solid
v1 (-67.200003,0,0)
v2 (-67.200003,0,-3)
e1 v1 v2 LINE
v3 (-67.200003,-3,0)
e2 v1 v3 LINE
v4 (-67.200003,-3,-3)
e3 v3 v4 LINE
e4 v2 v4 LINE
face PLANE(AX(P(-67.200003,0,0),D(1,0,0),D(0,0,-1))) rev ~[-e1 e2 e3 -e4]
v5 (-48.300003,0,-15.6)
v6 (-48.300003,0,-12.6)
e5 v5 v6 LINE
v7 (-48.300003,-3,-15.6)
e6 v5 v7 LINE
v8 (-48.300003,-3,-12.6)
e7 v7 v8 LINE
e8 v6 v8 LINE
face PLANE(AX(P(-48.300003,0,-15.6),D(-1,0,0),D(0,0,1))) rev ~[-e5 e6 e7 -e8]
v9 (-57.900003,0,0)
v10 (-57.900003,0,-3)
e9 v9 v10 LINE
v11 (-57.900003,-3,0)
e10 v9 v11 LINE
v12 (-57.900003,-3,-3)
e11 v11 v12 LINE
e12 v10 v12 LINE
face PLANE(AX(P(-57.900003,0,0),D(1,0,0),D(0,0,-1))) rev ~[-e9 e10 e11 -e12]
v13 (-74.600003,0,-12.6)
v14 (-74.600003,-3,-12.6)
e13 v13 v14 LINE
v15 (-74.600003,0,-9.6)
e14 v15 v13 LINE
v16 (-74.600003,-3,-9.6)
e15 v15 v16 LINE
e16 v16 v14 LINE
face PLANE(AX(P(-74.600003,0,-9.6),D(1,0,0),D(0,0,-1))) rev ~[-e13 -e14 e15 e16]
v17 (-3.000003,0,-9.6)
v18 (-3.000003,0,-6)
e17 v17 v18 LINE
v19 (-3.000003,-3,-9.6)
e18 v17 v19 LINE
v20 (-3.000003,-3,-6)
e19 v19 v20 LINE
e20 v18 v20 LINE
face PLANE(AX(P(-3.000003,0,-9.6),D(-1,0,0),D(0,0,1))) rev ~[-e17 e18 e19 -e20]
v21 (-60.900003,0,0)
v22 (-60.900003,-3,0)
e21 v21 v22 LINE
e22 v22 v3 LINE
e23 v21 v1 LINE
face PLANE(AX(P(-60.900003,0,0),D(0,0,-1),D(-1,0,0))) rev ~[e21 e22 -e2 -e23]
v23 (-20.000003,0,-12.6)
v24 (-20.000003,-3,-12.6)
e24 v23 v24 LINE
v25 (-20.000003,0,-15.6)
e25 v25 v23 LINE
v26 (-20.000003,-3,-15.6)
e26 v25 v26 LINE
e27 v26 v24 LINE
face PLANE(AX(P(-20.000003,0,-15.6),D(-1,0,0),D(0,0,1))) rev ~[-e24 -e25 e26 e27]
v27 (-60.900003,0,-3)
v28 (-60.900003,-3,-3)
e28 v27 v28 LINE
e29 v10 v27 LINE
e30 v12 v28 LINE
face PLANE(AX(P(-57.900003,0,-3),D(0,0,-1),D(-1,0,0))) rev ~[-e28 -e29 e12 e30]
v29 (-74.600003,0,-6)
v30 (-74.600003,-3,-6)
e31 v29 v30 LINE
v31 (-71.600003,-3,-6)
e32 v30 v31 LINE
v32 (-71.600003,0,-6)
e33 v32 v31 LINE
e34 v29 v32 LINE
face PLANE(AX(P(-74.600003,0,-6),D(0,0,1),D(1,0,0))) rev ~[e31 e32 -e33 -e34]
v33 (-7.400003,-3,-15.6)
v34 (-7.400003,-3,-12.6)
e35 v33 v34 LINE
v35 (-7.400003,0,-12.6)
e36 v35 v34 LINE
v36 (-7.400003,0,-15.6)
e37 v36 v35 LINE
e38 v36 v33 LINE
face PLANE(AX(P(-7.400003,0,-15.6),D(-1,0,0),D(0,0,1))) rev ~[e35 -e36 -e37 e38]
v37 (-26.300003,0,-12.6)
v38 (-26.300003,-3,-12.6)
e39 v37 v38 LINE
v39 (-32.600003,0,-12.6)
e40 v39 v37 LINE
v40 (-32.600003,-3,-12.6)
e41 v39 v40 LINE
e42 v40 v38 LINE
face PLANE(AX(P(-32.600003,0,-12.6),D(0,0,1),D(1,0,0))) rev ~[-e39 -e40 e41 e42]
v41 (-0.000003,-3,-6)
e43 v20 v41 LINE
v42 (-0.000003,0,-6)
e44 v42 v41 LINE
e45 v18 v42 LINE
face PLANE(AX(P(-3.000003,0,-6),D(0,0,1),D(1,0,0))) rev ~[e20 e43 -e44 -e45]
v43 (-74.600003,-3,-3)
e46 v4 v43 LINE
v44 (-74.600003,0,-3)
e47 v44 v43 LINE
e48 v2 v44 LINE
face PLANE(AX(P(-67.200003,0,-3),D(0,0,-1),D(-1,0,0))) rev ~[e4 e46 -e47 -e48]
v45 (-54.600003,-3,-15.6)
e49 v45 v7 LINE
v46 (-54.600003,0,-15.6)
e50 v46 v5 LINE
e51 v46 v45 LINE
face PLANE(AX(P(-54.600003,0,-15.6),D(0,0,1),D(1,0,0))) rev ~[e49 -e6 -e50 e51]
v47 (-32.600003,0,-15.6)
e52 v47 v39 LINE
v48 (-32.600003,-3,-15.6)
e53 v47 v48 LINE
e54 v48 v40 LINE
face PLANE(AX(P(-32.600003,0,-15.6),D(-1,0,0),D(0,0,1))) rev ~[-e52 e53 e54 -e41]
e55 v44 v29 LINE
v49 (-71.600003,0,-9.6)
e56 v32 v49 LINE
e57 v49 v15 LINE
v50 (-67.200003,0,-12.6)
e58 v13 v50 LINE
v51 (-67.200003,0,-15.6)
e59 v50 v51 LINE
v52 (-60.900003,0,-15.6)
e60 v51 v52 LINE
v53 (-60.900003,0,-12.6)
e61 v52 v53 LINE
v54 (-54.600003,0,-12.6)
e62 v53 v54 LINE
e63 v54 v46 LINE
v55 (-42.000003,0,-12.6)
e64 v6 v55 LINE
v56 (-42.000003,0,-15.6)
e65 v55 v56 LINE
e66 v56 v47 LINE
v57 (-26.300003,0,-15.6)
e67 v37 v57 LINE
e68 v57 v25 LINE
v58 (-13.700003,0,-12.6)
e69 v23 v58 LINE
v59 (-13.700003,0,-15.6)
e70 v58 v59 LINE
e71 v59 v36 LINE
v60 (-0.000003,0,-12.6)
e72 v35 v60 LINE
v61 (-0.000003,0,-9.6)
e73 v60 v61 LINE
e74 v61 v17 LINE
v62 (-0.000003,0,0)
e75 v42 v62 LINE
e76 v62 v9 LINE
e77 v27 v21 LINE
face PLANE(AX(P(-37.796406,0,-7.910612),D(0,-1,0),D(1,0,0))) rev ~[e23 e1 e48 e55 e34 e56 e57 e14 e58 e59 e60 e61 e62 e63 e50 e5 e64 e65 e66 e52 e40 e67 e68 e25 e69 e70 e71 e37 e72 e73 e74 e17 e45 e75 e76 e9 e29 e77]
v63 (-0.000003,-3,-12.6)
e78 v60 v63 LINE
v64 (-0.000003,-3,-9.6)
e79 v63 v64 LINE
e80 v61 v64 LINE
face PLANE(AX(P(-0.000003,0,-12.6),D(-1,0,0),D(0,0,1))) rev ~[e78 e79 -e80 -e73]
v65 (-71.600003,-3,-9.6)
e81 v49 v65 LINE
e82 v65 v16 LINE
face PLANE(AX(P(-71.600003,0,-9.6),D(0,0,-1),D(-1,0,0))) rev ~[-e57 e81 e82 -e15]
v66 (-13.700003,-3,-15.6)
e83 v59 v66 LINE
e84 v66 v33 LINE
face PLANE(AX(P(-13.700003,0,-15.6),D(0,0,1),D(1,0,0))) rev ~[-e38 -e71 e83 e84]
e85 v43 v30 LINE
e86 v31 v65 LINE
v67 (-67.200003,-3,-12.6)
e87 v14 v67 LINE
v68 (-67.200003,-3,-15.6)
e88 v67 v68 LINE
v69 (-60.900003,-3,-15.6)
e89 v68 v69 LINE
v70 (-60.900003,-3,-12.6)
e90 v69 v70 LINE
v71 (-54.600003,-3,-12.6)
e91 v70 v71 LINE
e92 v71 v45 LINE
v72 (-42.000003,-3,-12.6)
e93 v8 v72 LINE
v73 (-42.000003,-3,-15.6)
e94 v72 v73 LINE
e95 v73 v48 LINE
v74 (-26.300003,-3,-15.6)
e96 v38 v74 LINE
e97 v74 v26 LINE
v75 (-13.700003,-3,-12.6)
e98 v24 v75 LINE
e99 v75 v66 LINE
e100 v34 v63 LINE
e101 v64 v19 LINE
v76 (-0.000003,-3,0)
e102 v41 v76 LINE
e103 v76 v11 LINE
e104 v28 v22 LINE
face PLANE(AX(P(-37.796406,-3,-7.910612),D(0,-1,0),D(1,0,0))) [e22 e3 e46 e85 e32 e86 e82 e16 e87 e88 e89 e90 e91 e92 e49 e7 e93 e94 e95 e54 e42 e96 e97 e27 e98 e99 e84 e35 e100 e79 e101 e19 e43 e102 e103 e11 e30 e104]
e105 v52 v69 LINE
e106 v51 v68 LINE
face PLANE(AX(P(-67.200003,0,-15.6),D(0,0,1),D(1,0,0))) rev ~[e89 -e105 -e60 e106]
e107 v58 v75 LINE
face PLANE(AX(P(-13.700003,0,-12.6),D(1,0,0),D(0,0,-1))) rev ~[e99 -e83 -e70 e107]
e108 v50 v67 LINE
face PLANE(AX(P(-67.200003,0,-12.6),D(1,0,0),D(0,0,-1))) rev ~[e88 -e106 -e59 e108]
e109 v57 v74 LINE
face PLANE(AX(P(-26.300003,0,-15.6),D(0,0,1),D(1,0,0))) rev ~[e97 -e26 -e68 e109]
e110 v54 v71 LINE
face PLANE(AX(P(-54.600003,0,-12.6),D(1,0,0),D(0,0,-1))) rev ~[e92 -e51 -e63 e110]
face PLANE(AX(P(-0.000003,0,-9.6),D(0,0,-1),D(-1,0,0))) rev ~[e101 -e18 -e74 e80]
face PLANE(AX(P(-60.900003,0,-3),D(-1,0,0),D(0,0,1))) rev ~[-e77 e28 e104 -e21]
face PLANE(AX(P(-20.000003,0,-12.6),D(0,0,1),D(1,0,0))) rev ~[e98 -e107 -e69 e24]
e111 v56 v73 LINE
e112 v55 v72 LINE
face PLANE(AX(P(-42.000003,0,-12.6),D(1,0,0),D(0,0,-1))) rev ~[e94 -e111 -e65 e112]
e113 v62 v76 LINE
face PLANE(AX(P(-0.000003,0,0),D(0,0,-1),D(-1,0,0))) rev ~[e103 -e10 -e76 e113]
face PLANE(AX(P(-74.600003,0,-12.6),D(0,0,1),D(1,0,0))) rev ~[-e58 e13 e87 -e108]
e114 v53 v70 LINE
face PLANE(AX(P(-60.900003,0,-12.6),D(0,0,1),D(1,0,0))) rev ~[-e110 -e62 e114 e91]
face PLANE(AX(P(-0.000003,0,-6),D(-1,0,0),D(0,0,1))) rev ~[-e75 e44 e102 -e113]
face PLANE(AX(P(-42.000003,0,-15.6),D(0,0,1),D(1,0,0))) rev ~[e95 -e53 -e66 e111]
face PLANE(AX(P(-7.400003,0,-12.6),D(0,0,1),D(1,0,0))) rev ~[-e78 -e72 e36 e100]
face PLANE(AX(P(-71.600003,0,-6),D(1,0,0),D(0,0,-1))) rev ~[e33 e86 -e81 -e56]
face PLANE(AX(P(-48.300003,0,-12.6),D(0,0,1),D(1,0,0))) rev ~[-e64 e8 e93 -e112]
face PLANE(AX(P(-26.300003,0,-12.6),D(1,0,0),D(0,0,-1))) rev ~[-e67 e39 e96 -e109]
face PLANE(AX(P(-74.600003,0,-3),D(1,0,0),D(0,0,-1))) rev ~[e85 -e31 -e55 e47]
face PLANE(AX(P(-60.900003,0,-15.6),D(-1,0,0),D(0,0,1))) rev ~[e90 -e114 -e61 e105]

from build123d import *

# Parameters (mm, degrees)
F1_DEPTH = 3


with BuildPart() as f1:
    # F0 (on Front) → F1 (new body)
    with BuildSketch(Plane.XZ):
        Polygon((-32.600003, -15.6), (-32.600003, -12.6), (-26.300003, -12.6), (-26.300003, -15.6), (-20.000003, -15.6), (-20.000003, -12.6), (-13.700003, -12.6), (-13.700003, -15.6), (-7.400003, -15.6), (-7.400003, -12.6), (-3e-06, -12.6), (-3e-06, -9.6), (-3.000003, -9.6), (-3.000003, -6), (-3e-06, -6), (-3e-06, 0), (-57.900003, 0), (-57.900003, -3), (-60.900003, -3), (-60.900003, 0), (-67.200003, 0), (-67.200003, -3), (-74.600003, -3), (-74.600003, -6), (-71.600003, -6), (-71.600003, -9.6), (-74.600003, -9.6), (-74.600003, -12.6), (-67.200003, -12.6), (-67.200003, -15.6), (-60.900003, -15.6), (-60.900003, -12.6), (-54.600003, -12.6), (-54.600003, -15.6), (-48.300003, -15.6), (-48.300003, -12.6), (-42.000003, -12.6), (-42.000003, -15.6), align=None)
    extrude(amount=F1_DEPTH)


solid = f1.part
